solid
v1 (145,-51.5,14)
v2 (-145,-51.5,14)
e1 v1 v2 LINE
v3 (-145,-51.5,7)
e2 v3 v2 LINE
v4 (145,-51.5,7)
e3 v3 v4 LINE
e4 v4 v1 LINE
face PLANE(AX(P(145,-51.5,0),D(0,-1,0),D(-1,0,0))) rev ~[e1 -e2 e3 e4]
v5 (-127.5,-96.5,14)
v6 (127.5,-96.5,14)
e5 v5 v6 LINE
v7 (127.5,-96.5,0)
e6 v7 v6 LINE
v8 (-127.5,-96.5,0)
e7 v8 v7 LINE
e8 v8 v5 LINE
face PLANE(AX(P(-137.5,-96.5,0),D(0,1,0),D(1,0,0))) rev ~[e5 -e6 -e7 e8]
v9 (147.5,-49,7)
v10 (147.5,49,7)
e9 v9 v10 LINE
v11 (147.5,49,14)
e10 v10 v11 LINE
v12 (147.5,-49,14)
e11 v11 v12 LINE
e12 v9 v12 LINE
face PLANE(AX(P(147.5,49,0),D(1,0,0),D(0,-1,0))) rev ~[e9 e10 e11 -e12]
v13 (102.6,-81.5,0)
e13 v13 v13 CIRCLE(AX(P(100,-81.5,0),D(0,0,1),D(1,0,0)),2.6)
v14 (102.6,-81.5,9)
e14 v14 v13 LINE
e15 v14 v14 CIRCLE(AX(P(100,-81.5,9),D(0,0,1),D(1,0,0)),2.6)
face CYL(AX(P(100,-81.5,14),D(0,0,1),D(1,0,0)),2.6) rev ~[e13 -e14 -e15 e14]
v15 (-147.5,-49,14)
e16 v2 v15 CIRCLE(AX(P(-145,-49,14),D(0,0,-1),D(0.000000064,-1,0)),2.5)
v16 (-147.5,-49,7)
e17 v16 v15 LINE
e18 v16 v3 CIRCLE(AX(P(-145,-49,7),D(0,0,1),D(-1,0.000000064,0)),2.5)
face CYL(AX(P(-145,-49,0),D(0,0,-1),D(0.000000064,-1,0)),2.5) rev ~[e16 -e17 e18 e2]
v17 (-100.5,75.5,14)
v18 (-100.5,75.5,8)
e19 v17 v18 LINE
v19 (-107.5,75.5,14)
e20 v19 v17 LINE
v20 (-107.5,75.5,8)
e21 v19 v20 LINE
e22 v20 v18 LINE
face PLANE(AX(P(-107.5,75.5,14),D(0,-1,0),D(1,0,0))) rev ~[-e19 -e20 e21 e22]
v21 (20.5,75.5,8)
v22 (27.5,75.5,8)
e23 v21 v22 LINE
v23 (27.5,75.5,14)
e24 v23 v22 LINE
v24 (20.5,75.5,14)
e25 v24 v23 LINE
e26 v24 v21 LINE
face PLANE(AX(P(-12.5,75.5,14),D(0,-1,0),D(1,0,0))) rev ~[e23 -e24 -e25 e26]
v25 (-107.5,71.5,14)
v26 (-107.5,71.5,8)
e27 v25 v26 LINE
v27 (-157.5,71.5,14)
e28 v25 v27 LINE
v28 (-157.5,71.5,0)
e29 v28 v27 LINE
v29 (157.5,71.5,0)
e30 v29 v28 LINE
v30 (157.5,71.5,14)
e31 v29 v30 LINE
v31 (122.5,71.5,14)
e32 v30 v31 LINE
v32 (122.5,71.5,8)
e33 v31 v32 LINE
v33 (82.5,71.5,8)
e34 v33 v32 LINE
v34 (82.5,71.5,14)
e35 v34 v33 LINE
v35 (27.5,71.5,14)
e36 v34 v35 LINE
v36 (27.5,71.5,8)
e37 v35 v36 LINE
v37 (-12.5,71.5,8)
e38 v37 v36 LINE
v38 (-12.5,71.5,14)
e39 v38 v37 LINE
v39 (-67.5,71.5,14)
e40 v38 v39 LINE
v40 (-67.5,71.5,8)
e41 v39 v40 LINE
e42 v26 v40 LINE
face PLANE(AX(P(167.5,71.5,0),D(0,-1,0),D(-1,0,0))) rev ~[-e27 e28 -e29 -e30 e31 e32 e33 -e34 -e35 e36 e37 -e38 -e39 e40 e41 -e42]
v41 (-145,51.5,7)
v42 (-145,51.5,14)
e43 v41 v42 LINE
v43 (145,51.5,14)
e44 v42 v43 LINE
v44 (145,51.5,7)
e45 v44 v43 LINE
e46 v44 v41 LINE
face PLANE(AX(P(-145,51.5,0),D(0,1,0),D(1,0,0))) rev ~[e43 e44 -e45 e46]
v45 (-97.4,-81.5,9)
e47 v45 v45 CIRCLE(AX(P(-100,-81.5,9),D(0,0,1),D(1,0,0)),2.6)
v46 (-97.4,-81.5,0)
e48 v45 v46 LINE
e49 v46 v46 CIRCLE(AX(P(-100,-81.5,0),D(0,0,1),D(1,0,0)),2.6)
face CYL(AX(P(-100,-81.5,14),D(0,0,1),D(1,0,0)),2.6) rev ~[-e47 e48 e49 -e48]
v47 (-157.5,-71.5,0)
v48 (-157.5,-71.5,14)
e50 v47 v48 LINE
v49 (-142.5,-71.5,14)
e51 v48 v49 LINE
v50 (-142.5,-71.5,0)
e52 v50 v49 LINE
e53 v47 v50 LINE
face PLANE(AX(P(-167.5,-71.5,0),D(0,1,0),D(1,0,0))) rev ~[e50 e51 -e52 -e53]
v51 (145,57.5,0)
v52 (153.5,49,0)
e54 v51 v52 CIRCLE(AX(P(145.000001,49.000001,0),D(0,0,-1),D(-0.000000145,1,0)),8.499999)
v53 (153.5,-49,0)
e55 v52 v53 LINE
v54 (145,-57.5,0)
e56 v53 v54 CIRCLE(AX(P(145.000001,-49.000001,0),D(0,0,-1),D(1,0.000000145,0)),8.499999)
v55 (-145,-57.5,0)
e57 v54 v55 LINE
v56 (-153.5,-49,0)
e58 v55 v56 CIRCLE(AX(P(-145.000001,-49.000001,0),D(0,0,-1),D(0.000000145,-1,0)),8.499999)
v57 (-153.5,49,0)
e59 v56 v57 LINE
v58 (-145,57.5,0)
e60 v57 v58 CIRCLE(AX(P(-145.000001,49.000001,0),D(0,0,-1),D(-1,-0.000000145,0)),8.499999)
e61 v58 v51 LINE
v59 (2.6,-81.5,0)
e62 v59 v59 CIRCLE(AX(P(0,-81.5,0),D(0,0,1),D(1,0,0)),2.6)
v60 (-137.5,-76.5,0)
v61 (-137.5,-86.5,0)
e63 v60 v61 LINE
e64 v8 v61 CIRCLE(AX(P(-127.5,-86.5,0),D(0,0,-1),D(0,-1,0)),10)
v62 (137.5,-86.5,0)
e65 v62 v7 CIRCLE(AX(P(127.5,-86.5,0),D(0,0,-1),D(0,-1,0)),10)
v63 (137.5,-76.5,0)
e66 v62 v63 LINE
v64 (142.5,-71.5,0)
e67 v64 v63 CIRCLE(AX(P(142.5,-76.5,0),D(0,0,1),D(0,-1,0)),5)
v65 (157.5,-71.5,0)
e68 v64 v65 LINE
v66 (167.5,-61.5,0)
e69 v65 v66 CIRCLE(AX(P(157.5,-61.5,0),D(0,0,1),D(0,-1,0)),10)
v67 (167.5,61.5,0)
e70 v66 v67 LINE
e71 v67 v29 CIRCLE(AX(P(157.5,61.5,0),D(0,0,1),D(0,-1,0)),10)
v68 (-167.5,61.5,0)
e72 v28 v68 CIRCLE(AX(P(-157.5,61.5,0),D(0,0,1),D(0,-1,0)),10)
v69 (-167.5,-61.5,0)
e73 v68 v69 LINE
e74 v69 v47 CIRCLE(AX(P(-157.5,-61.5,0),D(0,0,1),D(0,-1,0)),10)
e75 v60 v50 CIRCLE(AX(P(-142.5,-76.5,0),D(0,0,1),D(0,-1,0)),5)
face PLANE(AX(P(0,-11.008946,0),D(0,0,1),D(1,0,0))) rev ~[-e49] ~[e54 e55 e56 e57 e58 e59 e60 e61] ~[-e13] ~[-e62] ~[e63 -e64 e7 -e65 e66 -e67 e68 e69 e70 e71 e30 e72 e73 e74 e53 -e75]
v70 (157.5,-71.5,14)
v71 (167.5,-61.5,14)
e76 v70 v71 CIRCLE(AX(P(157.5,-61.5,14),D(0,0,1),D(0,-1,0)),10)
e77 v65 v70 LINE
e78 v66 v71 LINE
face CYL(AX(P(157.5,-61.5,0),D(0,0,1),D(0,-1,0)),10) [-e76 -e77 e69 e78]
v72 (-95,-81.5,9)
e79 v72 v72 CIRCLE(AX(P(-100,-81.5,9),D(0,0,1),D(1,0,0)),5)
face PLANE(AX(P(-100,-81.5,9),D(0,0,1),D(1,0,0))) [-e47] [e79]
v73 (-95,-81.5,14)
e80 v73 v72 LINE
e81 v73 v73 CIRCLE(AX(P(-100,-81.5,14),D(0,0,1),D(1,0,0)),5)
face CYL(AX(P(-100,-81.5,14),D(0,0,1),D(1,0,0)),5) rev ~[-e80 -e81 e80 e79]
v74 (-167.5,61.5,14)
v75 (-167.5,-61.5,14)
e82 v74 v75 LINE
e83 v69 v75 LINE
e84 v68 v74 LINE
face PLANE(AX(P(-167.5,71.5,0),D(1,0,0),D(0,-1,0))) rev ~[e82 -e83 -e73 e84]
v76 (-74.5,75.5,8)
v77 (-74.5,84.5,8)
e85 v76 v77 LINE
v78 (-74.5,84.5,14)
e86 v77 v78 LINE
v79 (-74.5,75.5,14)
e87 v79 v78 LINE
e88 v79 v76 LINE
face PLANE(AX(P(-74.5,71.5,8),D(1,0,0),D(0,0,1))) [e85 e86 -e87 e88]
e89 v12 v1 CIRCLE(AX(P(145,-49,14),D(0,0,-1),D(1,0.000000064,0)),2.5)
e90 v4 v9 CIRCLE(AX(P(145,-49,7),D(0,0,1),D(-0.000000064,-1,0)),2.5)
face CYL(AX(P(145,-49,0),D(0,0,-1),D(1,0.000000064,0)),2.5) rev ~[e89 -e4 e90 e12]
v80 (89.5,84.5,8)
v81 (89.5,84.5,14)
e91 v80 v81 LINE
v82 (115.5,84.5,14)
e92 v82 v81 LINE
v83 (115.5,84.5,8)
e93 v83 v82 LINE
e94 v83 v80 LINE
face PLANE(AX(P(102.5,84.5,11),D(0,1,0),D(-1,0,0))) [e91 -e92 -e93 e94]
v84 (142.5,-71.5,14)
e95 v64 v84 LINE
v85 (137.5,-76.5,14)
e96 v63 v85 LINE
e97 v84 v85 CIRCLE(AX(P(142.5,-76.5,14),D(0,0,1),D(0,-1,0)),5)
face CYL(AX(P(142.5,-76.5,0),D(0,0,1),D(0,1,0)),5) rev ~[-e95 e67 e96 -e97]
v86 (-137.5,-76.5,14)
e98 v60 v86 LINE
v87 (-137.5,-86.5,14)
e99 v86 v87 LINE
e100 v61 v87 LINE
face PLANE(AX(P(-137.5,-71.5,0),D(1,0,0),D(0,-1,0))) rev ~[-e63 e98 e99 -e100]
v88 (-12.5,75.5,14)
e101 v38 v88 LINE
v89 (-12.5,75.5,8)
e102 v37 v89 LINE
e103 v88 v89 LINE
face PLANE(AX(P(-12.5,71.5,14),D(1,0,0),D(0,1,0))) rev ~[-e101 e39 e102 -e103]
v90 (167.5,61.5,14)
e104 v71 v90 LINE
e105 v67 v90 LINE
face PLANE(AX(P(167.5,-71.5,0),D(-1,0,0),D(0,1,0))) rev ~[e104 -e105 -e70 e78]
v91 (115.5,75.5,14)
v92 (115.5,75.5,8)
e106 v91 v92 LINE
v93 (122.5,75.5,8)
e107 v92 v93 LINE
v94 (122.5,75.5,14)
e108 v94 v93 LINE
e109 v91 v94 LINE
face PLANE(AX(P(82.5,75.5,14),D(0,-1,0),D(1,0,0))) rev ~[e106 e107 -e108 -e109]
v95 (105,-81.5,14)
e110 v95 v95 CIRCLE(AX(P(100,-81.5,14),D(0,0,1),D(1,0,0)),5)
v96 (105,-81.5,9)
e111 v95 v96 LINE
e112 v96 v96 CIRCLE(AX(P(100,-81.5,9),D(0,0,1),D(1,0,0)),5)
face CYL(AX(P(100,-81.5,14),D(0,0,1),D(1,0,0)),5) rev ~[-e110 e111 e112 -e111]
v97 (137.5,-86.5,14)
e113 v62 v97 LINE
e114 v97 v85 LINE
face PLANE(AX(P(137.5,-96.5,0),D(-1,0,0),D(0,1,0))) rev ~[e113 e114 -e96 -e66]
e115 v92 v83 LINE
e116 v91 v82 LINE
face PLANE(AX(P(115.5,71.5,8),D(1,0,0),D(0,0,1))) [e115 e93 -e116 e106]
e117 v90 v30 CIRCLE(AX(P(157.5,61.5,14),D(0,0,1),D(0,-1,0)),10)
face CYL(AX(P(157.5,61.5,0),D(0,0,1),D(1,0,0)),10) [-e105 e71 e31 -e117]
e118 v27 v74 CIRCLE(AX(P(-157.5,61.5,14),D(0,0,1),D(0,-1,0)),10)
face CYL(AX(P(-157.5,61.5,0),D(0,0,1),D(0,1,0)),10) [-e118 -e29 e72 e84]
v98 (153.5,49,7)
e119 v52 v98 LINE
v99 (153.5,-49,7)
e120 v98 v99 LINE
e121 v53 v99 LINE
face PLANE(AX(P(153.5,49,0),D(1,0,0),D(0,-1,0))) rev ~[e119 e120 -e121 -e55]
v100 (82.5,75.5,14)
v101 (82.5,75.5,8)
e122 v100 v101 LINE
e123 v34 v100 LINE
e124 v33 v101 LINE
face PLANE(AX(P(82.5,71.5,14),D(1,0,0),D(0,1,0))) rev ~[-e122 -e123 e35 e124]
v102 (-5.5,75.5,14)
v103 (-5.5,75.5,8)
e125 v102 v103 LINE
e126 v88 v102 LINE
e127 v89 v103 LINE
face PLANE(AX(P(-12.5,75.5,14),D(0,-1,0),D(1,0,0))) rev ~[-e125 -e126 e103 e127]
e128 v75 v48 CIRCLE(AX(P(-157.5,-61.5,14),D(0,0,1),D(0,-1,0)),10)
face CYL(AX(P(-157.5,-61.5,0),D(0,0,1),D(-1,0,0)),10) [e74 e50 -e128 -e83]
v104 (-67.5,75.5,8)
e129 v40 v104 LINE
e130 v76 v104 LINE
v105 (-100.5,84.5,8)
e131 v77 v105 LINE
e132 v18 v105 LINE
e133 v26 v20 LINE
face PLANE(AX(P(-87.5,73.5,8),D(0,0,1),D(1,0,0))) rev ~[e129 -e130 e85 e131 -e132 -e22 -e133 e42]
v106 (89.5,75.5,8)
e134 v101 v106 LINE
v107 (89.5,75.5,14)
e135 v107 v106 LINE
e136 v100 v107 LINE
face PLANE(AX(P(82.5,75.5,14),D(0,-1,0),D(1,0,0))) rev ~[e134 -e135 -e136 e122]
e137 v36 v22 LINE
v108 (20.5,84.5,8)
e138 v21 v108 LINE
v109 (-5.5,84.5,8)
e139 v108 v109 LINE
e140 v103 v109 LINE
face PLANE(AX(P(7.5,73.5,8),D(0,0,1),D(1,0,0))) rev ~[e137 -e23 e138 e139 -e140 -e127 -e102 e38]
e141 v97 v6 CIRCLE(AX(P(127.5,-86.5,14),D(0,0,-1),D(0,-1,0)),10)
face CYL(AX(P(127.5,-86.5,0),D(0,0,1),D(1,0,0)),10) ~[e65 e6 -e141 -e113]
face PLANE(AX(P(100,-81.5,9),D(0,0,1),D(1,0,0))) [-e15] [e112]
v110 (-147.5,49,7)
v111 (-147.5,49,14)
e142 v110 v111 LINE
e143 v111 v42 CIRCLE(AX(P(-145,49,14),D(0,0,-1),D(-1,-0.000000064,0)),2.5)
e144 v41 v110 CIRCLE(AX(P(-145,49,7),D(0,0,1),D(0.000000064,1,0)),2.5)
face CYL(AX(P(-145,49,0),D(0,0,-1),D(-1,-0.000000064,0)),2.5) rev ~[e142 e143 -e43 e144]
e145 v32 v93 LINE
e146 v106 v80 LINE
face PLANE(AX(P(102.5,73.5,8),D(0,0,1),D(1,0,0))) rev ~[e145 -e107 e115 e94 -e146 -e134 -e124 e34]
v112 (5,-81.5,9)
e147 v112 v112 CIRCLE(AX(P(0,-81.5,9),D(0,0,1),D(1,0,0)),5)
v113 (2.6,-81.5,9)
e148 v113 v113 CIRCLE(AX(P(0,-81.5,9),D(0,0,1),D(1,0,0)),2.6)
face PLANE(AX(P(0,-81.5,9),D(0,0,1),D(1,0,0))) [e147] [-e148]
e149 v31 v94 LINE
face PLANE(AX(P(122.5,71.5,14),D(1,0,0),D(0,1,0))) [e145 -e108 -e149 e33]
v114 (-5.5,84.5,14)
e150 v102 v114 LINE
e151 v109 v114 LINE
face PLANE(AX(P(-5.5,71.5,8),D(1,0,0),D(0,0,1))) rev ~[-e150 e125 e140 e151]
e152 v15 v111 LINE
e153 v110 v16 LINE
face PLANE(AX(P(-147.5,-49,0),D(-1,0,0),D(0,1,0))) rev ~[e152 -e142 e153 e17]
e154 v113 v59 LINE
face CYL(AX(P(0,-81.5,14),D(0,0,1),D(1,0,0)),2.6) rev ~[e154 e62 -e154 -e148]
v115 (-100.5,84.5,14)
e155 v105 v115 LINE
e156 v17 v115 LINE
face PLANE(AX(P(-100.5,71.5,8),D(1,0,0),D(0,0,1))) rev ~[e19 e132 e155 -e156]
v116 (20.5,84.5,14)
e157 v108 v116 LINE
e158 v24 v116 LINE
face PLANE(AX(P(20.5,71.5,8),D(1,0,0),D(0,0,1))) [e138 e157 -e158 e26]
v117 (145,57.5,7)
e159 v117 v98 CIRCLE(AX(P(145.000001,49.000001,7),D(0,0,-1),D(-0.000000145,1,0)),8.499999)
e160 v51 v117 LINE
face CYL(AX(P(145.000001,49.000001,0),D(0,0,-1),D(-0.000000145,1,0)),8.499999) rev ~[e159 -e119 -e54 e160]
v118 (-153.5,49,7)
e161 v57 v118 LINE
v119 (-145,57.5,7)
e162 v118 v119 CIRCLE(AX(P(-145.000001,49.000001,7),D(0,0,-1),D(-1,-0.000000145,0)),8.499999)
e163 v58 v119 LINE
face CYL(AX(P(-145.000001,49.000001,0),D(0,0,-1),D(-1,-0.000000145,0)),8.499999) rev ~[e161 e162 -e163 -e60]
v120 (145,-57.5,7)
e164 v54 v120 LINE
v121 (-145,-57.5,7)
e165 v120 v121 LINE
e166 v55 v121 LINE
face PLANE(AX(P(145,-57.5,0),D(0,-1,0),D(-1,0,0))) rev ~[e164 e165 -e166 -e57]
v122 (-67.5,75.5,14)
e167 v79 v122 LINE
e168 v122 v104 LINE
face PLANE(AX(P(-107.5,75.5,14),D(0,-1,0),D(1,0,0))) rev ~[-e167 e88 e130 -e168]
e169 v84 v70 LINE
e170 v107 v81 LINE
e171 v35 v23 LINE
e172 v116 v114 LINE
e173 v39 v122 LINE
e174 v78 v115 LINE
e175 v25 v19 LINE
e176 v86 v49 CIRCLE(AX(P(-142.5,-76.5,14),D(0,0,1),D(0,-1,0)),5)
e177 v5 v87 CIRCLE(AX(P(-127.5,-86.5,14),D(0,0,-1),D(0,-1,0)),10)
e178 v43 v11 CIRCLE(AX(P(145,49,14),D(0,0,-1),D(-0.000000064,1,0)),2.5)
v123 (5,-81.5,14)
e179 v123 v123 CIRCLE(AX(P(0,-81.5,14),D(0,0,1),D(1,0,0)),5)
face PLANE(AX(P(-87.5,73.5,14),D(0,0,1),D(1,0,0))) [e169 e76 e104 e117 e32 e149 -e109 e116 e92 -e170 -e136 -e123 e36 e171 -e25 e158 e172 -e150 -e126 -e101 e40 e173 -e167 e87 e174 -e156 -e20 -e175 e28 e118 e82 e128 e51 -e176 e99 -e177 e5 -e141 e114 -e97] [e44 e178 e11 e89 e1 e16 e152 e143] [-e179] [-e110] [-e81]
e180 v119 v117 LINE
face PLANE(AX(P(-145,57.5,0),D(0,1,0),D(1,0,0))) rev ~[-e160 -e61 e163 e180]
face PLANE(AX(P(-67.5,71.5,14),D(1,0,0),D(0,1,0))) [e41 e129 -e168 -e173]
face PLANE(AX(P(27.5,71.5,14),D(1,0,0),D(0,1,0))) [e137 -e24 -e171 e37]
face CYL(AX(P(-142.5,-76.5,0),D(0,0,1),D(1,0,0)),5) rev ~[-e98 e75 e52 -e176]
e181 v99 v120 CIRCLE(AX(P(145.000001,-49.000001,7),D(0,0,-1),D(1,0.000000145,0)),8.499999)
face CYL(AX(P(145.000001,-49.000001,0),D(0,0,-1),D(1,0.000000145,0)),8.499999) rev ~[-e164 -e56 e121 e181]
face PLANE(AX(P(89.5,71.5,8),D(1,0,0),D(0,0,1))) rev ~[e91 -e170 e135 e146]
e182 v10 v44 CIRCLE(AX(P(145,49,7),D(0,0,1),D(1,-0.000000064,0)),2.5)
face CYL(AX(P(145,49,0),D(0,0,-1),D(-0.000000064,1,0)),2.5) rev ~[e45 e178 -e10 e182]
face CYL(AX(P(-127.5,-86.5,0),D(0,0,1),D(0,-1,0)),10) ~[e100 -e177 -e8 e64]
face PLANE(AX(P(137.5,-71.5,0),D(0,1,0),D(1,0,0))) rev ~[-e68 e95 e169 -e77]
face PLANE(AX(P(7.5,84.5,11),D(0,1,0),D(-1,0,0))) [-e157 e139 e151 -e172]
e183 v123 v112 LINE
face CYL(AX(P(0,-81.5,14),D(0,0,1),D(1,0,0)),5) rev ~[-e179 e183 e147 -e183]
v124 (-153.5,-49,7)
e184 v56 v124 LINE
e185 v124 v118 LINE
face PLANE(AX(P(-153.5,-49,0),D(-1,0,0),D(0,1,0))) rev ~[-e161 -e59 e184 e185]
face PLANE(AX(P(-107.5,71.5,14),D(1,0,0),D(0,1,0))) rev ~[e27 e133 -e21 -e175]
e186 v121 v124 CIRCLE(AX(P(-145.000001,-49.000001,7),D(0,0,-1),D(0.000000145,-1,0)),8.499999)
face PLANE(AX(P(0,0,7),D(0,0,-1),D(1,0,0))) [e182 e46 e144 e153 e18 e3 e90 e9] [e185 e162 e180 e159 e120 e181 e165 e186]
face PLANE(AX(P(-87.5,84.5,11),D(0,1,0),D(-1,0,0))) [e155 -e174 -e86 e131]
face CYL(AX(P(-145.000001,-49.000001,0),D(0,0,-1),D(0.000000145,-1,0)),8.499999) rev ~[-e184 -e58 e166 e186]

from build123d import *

# Parameters (mm, degrees)
F1_DEPTH  = 14
F3_DEPTH  = 7
F4_R      = 10
F5_R      = 5
F6_R      = 2.6
F7_DEPTH  = 14.001
F8_R      = 5
F9_DEPTH  = 5
F10_W     = 26
F10_H     = 6
F11_DEPTH = 13
F12_W     = 40
F12_H     = 4
F13_DEPTH = 6


with BuildPart() as f1:
    # F0 (on Top) → F1 (new body)
    with BuildSketch(Plane.XY):
        Polygon((137.5, -71.5), (167.5, -71.5), (167.5, 71.5), (-167.5, 71.5), (-167.5, -71.5), (-137.5, -71.5), (-137.5, -96.5), (137.5, -96.5), align=None)
        with BuildLine():
            ThreePointArc((147.5, -49), (146.767767, -50.767767), (145, -51.5))
            Line((145, -51.5), (-145, -51.5))
            ThreePointArc((-145, -51.5), (-146.767767, -50.767767), (-147.5, -49))
            Line((-147.5, -49), (-147.5, 49))
            ThreePointArc((-147.5, 49), (-146.767767, 50.767767), (-145, 51.5))
            Line((-145, 51.5), (145, 51.5))
            ThreePointArc((145, 51.5), (146.767767, 50.767767), (147.5, 49))
            Line((147.5, 49), (147.5, -49))
        make_face(mode=Mode.SUBTRACT)
    extrude(amount=F1_DEPTH)

    # F2 (on face) → F3 (cut)
    with BuildSketch(Plane(origin=(0, 0, 0), x_dir=(1, 0, 0), z_dir=(0, 0, -1))):
        with BuildLine():
            Line((-145, -57.5), (145, -57.5))
            ThreePointArc((145, -57.5), (151.010408, -55.010408), (153.5, -49))
            Line((153.5, -49), (153.5, 49))
            ThreePointArc((153.5, 49), (151.010408, 55.010408), (145, 57.5))
            Line((145, 57.5), (-145, 57.5))
            ThreePointArc((-145, 57.5), (-151.010408, 55.010408), (-153.5, 49))
            Line((-153.5, 49), (-153.5, -49))
            ThreePointArc((-153.5, -49), (-151.010408, -55.010408), (-145, -57.5))
        make_face()
        with BuildLine():
            Line((147.5, 49), (147.5, -49))
            ThreePointArc((147.5, -49), (146.767767, -50.767767), (145, -51.5))
            Line((145, -51.5), (-145, -51.5))
            ThreePointArc((-145, -51.5), (-146.767767, -50.767767), (-147.5, -49))
            Line((-147.5, -49), (-147.5, 49))
            ThreePointArc((-147.5, 49), (-146.767767, 50.767767), (-145, 51.5))
            Line((-145, 51.5), (145, 51.5))
            ThreePointArc((145, 51.5), (146.767767, 50.767767), (147.5, 49))
        make_face(mode=Mode.SUBTRACT)
    extrude(amount=-F3_DEPTH, mode=Mode.SUBTRACT)

    # F4
    f4_edges = [f1.edges().sort_by_distance(p)[0] for p in [
        (-167.5, -71.5, 7),
        (167.5, -71.5, 7),
        (137.5, -96.5, 7),
        (-137.5, -96.5, 7),
        (167.5, 71.5, 7),
        (-167.5, 71.5, 7),
    ]]
    fillet(f4_edges, radius=F4_R)

    # F5
    f5_edges = [f1.edges().sort_by_distance(p)[0] for p in [
        (137.5, -71.5, 7),
        (-137.5, -71.5, 7),
    ]]
    fillet(f5_edges, radius=F5_R)

    # F6 (on face) → F7 (cut, through all)
    with BuildSketch(Plane.XY.offset(14)):
        with Locations((0, -81.5)):
            Circle(F6_R)
        with Locations((-100, -81.5)):
            Circle(F6_R)
        with Locations((100, -81.5)):
            Circle(F6_R)
    extrude(amount=-F7_DEPTH, mode=Mode.SUBTRACT)

    # F8 (on face) → F9 (cut)
    with BuildSketch(Plane.XY.offset(14)):
        with Locations((-100, -81.5)):
            Circle(F8_R)
        with Locations((0, -81.5)):
            Circle(F8_R)
        with Locations((100, -81.5)):
            Circle(F8_R)
    extrude(amount=-F9_DEPTH, mode=Mode.SUBTRACT)

    # F10 (on face) → F11 (join)
    with BuildSketch(Plane(origin=(0, 71.5, 0), x_dir=(-1, 0, 0), z_dir=(0, 1, 0))):
        with Locations((-102.5, 11)):
            Rectangle(F10_W, F10_H)
        with Locations((-7.5, 11)):
            Rectangle(F10_W, F10_H)
        with Locations((87.5, 11)):
            Rectangle(F10_W, F10_H)
    extrude(amount=F11_DEPTH)

    # F12 (on face) → F13 (join)
    with BuildSketch(Plane.XY.offset(14)):
        with Locations((-87.5, 73.5)):
            Rectangle(F12_W, F12_H)
        with Locations((7.5, 73.5)):
            Rectangle(F12_W, F12_H)
        with Locations((102.5, 73.5)):
            Rectangle(F12_W, F12_H)
    extrude(amount=-F13_DEPTH)


solid = f1.part
